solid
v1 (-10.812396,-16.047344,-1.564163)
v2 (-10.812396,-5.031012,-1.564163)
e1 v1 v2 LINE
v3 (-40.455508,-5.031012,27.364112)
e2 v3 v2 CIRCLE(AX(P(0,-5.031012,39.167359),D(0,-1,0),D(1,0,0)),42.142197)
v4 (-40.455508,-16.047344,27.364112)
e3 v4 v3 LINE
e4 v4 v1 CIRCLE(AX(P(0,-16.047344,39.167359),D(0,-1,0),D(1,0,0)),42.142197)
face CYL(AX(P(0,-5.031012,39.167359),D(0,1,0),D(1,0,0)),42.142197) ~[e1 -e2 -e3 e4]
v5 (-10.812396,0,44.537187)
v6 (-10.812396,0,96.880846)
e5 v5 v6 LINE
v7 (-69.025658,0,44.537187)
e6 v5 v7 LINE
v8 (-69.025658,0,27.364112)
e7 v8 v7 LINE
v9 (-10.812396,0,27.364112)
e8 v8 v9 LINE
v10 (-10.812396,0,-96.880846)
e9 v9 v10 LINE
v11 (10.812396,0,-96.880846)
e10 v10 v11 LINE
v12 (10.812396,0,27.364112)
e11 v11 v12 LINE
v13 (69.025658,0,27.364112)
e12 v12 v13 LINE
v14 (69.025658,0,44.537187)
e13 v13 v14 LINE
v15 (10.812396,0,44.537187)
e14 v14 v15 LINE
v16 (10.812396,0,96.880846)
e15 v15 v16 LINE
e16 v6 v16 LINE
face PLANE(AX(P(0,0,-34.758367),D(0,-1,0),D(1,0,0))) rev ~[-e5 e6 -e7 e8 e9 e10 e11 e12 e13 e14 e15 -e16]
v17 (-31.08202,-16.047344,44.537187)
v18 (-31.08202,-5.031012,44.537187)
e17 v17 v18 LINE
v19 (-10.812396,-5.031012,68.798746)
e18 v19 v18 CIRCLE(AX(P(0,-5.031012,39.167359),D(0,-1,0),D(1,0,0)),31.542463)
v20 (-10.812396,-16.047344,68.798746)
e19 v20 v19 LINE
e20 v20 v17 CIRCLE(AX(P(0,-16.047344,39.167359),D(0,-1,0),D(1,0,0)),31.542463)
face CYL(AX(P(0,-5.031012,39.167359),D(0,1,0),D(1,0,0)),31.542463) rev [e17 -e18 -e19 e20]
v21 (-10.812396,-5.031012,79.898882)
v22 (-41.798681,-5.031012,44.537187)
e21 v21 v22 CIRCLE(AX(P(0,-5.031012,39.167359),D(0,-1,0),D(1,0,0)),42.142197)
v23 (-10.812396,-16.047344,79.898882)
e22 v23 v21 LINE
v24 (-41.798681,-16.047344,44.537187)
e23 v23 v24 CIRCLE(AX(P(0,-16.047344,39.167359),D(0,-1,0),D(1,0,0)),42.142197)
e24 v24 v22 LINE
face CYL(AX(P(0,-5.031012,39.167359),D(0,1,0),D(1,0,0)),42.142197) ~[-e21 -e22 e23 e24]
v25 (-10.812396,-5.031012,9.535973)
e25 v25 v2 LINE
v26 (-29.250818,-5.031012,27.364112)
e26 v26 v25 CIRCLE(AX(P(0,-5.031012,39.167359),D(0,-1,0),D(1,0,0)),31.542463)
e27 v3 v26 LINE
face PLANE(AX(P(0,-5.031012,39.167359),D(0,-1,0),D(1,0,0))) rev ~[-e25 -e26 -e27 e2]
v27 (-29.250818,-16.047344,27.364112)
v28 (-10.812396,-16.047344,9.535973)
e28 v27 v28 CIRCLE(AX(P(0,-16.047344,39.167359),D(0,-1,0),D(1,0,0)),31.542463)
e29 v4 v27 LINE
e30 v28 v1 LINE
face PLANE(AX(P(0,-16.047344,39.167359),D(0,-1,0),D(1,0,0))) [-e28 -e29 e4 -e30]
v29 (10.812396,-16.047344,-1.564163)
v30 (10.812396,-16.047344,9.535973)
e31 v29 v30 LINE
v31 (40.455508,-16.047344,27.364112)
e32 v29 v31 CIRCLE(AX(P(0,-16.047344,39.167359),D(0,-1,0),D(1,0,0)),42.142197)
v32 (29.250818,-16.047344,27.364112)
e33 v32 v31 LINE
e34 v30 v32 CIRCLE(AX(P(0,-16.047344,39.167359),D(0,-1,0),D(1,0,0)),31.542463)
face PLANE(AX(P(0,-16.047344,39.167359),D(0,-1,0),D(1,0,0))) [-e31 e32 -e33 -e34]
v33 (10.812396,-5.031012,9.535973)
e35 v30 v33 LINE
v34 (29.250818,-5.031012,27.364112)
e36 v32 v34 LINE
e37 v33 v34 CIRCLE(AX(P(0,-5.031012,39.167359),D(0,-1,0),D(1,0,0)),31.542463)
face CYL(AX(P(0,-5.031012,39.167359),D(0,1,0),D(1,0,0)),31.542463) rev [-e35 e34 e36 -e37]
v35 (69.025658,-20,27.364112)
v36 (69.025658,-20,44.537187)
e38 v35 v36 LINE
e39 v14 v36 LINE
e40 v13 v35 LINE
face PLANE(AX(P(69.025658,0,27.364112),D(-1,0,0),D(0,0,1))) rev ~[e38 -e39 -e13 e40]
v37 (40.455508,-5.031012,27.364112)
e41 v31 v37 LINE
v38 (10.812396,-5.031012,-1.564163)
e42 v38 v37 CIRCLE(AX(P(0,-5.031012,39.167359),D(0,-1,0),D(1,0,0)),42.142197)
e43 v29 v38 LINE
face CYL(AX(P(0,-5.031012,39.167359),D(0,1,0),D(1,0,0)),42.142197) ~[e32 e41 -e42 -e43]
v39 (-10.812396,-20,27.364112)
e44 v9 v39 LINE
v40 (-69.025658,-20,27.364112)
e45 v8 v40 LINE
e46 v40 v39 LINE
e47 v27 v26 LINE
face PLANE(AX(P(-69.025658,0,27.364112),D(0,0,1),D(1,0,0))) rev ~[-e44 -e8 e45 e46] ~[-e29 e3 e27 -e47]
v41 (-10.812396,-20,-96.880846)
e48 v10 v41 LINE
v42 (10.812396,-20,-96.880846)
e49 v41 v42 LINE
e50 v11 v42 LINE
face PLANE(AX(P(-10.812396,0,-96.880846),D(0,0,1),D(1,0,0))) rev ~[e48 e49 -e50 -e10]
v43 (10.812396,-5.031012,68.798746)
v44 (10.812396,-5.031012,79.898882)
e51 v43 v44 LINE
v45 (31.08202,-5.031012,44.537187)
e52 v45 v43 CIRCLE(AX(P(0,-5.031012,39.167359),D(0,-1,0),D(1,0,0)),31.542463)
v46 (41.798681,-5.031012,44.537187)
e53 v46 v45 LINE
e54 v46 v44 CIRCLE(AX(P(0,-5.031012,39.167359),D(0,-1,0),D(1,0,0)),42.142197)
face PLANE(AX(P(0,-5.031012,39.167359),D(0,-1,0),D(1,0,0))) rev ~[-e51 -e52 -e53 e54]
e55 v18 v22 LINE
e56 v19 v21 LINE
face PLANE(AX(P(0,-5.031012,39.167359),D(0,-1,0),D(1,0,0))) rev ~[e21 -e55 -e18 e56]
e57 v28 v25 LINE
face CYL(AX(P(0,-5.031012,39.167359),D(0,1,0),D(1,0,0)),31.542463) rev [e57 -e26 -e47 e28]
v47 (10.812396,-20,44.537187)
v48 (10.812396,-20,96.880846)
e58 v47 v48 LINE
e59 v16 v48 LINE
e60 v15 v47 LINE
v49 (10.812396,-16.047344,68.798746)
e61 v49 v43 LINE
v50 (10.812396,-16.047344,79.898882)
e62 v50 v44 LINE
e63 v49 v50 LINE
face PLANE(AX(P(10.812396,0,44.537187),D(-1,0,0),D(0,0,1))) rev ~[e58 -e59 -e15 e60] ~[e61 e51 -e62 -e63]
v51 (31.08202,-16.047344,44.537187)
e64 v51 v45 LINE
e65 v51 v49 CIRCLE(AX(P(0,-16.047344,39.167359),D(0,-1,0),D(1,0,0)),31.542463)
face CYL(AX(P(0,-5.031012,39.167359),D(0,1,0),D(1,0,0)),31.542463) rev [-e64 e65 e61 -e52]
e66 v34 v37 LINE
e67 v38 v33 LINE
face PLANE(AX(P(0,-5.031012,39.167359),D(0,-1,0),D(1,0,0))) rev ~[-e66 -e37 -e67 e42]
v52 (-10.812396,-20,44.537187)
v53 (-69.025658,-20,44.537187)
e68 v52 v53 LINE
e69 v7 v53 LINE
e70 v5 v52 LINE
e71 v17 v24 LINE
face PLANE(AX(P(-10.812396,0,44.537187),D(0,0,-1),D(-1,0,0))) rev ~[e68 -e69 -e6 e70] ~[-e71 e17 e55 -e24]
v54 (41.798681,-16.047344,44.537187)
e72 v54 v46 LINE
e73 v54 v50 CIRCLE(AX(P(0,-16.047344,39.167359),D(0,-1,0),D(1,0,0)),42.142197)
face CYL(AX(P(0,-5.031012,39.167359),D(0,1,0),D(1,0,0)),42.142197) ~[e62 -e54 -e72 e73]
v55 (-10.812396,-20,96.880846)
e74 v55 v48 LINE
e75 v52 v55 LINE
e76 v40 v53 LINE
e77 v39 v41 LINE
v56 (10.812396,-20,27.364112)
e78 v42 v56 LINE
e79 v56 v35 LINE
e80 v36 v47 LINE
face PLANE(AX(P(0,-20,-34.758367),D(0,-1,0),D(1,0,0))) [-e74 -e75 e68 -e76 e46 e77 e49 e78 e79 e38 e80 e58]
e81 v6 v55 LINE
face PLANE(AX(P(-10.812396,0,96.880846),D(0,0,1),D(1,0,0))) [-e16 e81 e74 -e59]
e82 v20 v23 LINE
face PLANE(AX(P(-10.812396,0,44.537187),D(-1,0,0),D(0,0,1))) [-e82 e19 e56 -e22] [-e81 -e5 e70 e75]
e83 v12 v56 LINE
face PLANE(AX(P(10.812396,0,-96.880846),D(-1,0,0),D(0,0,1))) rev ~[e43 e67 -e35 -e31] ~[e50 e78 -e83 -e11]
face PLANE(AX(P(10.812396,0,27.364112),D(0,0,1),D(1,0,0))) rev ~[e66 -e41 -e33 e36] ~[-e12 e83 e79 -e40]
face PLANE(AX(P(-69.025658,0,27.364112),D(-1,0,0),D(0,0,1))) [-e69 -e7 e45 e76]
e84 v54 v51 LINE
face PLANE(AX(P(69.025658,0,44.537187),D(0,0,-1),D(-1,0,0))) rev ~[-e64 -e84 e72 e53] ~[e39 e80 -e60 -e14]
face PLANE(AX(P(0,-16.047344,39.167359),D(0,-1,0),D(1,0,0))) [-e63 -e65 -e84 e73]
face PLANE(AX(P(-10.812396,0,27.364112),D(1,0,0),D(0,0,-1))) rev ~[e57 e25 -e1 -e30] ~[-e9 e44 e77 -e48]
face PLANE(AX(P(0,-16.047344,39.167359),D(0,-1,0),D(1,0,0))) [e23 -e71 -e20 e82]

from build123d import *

# Parameters (mm, degrees)
F0_W     = 21.6247915292
F0_H     = 124.2449581623
F0_H_2   = 17.1730741858
F0_W_2   = 58.2132623064
F0_H_3   = 52.3436591029
F1_DEPTH = 20
F3_START = 5.0310119987
F2_R     = 42.1421973327
F2_R_2   = 31.5424632227
F3_DEPTH = 11.0163316131


with BuildPart() as f1:
    # F0 (on Front) → F1 (new body)
    with BuildSketch(Plane.XZ):
        with Locations((0, -34.7583666444)):
            Rectangle(F0_W, F0_H)
        with Locations((0, 35.9506495297)):
            Rectangle(F0_W, F0_H_2)
        with Locations((39.9190269178, 35.9506495297)):
            Rectangle(F0_W_2, F0_H_2)
        with Locations((-39.9190269178, 35.9506495297)):
            Rectangle(F0_W_2, F0_H_2)
        with Locations((0, 70.7090161741)):
            Rectangle(F0_W, F0_H_3)
    extrude(amount=F1_DEPTH)

    # F2 (on Front) → F3 (join)
    with BuildSketch(Plane.XZ.offset(F3_START)):
        with Locations((0, 39.1673594713)):
            Circle(F2_R)
        with Locations((0, 39.1673594713)):
            Circle(F2_R_2, mode=Mode.SUBTRACT)
    extrude(amount=F3_DEPTH)


solid = f1.part
